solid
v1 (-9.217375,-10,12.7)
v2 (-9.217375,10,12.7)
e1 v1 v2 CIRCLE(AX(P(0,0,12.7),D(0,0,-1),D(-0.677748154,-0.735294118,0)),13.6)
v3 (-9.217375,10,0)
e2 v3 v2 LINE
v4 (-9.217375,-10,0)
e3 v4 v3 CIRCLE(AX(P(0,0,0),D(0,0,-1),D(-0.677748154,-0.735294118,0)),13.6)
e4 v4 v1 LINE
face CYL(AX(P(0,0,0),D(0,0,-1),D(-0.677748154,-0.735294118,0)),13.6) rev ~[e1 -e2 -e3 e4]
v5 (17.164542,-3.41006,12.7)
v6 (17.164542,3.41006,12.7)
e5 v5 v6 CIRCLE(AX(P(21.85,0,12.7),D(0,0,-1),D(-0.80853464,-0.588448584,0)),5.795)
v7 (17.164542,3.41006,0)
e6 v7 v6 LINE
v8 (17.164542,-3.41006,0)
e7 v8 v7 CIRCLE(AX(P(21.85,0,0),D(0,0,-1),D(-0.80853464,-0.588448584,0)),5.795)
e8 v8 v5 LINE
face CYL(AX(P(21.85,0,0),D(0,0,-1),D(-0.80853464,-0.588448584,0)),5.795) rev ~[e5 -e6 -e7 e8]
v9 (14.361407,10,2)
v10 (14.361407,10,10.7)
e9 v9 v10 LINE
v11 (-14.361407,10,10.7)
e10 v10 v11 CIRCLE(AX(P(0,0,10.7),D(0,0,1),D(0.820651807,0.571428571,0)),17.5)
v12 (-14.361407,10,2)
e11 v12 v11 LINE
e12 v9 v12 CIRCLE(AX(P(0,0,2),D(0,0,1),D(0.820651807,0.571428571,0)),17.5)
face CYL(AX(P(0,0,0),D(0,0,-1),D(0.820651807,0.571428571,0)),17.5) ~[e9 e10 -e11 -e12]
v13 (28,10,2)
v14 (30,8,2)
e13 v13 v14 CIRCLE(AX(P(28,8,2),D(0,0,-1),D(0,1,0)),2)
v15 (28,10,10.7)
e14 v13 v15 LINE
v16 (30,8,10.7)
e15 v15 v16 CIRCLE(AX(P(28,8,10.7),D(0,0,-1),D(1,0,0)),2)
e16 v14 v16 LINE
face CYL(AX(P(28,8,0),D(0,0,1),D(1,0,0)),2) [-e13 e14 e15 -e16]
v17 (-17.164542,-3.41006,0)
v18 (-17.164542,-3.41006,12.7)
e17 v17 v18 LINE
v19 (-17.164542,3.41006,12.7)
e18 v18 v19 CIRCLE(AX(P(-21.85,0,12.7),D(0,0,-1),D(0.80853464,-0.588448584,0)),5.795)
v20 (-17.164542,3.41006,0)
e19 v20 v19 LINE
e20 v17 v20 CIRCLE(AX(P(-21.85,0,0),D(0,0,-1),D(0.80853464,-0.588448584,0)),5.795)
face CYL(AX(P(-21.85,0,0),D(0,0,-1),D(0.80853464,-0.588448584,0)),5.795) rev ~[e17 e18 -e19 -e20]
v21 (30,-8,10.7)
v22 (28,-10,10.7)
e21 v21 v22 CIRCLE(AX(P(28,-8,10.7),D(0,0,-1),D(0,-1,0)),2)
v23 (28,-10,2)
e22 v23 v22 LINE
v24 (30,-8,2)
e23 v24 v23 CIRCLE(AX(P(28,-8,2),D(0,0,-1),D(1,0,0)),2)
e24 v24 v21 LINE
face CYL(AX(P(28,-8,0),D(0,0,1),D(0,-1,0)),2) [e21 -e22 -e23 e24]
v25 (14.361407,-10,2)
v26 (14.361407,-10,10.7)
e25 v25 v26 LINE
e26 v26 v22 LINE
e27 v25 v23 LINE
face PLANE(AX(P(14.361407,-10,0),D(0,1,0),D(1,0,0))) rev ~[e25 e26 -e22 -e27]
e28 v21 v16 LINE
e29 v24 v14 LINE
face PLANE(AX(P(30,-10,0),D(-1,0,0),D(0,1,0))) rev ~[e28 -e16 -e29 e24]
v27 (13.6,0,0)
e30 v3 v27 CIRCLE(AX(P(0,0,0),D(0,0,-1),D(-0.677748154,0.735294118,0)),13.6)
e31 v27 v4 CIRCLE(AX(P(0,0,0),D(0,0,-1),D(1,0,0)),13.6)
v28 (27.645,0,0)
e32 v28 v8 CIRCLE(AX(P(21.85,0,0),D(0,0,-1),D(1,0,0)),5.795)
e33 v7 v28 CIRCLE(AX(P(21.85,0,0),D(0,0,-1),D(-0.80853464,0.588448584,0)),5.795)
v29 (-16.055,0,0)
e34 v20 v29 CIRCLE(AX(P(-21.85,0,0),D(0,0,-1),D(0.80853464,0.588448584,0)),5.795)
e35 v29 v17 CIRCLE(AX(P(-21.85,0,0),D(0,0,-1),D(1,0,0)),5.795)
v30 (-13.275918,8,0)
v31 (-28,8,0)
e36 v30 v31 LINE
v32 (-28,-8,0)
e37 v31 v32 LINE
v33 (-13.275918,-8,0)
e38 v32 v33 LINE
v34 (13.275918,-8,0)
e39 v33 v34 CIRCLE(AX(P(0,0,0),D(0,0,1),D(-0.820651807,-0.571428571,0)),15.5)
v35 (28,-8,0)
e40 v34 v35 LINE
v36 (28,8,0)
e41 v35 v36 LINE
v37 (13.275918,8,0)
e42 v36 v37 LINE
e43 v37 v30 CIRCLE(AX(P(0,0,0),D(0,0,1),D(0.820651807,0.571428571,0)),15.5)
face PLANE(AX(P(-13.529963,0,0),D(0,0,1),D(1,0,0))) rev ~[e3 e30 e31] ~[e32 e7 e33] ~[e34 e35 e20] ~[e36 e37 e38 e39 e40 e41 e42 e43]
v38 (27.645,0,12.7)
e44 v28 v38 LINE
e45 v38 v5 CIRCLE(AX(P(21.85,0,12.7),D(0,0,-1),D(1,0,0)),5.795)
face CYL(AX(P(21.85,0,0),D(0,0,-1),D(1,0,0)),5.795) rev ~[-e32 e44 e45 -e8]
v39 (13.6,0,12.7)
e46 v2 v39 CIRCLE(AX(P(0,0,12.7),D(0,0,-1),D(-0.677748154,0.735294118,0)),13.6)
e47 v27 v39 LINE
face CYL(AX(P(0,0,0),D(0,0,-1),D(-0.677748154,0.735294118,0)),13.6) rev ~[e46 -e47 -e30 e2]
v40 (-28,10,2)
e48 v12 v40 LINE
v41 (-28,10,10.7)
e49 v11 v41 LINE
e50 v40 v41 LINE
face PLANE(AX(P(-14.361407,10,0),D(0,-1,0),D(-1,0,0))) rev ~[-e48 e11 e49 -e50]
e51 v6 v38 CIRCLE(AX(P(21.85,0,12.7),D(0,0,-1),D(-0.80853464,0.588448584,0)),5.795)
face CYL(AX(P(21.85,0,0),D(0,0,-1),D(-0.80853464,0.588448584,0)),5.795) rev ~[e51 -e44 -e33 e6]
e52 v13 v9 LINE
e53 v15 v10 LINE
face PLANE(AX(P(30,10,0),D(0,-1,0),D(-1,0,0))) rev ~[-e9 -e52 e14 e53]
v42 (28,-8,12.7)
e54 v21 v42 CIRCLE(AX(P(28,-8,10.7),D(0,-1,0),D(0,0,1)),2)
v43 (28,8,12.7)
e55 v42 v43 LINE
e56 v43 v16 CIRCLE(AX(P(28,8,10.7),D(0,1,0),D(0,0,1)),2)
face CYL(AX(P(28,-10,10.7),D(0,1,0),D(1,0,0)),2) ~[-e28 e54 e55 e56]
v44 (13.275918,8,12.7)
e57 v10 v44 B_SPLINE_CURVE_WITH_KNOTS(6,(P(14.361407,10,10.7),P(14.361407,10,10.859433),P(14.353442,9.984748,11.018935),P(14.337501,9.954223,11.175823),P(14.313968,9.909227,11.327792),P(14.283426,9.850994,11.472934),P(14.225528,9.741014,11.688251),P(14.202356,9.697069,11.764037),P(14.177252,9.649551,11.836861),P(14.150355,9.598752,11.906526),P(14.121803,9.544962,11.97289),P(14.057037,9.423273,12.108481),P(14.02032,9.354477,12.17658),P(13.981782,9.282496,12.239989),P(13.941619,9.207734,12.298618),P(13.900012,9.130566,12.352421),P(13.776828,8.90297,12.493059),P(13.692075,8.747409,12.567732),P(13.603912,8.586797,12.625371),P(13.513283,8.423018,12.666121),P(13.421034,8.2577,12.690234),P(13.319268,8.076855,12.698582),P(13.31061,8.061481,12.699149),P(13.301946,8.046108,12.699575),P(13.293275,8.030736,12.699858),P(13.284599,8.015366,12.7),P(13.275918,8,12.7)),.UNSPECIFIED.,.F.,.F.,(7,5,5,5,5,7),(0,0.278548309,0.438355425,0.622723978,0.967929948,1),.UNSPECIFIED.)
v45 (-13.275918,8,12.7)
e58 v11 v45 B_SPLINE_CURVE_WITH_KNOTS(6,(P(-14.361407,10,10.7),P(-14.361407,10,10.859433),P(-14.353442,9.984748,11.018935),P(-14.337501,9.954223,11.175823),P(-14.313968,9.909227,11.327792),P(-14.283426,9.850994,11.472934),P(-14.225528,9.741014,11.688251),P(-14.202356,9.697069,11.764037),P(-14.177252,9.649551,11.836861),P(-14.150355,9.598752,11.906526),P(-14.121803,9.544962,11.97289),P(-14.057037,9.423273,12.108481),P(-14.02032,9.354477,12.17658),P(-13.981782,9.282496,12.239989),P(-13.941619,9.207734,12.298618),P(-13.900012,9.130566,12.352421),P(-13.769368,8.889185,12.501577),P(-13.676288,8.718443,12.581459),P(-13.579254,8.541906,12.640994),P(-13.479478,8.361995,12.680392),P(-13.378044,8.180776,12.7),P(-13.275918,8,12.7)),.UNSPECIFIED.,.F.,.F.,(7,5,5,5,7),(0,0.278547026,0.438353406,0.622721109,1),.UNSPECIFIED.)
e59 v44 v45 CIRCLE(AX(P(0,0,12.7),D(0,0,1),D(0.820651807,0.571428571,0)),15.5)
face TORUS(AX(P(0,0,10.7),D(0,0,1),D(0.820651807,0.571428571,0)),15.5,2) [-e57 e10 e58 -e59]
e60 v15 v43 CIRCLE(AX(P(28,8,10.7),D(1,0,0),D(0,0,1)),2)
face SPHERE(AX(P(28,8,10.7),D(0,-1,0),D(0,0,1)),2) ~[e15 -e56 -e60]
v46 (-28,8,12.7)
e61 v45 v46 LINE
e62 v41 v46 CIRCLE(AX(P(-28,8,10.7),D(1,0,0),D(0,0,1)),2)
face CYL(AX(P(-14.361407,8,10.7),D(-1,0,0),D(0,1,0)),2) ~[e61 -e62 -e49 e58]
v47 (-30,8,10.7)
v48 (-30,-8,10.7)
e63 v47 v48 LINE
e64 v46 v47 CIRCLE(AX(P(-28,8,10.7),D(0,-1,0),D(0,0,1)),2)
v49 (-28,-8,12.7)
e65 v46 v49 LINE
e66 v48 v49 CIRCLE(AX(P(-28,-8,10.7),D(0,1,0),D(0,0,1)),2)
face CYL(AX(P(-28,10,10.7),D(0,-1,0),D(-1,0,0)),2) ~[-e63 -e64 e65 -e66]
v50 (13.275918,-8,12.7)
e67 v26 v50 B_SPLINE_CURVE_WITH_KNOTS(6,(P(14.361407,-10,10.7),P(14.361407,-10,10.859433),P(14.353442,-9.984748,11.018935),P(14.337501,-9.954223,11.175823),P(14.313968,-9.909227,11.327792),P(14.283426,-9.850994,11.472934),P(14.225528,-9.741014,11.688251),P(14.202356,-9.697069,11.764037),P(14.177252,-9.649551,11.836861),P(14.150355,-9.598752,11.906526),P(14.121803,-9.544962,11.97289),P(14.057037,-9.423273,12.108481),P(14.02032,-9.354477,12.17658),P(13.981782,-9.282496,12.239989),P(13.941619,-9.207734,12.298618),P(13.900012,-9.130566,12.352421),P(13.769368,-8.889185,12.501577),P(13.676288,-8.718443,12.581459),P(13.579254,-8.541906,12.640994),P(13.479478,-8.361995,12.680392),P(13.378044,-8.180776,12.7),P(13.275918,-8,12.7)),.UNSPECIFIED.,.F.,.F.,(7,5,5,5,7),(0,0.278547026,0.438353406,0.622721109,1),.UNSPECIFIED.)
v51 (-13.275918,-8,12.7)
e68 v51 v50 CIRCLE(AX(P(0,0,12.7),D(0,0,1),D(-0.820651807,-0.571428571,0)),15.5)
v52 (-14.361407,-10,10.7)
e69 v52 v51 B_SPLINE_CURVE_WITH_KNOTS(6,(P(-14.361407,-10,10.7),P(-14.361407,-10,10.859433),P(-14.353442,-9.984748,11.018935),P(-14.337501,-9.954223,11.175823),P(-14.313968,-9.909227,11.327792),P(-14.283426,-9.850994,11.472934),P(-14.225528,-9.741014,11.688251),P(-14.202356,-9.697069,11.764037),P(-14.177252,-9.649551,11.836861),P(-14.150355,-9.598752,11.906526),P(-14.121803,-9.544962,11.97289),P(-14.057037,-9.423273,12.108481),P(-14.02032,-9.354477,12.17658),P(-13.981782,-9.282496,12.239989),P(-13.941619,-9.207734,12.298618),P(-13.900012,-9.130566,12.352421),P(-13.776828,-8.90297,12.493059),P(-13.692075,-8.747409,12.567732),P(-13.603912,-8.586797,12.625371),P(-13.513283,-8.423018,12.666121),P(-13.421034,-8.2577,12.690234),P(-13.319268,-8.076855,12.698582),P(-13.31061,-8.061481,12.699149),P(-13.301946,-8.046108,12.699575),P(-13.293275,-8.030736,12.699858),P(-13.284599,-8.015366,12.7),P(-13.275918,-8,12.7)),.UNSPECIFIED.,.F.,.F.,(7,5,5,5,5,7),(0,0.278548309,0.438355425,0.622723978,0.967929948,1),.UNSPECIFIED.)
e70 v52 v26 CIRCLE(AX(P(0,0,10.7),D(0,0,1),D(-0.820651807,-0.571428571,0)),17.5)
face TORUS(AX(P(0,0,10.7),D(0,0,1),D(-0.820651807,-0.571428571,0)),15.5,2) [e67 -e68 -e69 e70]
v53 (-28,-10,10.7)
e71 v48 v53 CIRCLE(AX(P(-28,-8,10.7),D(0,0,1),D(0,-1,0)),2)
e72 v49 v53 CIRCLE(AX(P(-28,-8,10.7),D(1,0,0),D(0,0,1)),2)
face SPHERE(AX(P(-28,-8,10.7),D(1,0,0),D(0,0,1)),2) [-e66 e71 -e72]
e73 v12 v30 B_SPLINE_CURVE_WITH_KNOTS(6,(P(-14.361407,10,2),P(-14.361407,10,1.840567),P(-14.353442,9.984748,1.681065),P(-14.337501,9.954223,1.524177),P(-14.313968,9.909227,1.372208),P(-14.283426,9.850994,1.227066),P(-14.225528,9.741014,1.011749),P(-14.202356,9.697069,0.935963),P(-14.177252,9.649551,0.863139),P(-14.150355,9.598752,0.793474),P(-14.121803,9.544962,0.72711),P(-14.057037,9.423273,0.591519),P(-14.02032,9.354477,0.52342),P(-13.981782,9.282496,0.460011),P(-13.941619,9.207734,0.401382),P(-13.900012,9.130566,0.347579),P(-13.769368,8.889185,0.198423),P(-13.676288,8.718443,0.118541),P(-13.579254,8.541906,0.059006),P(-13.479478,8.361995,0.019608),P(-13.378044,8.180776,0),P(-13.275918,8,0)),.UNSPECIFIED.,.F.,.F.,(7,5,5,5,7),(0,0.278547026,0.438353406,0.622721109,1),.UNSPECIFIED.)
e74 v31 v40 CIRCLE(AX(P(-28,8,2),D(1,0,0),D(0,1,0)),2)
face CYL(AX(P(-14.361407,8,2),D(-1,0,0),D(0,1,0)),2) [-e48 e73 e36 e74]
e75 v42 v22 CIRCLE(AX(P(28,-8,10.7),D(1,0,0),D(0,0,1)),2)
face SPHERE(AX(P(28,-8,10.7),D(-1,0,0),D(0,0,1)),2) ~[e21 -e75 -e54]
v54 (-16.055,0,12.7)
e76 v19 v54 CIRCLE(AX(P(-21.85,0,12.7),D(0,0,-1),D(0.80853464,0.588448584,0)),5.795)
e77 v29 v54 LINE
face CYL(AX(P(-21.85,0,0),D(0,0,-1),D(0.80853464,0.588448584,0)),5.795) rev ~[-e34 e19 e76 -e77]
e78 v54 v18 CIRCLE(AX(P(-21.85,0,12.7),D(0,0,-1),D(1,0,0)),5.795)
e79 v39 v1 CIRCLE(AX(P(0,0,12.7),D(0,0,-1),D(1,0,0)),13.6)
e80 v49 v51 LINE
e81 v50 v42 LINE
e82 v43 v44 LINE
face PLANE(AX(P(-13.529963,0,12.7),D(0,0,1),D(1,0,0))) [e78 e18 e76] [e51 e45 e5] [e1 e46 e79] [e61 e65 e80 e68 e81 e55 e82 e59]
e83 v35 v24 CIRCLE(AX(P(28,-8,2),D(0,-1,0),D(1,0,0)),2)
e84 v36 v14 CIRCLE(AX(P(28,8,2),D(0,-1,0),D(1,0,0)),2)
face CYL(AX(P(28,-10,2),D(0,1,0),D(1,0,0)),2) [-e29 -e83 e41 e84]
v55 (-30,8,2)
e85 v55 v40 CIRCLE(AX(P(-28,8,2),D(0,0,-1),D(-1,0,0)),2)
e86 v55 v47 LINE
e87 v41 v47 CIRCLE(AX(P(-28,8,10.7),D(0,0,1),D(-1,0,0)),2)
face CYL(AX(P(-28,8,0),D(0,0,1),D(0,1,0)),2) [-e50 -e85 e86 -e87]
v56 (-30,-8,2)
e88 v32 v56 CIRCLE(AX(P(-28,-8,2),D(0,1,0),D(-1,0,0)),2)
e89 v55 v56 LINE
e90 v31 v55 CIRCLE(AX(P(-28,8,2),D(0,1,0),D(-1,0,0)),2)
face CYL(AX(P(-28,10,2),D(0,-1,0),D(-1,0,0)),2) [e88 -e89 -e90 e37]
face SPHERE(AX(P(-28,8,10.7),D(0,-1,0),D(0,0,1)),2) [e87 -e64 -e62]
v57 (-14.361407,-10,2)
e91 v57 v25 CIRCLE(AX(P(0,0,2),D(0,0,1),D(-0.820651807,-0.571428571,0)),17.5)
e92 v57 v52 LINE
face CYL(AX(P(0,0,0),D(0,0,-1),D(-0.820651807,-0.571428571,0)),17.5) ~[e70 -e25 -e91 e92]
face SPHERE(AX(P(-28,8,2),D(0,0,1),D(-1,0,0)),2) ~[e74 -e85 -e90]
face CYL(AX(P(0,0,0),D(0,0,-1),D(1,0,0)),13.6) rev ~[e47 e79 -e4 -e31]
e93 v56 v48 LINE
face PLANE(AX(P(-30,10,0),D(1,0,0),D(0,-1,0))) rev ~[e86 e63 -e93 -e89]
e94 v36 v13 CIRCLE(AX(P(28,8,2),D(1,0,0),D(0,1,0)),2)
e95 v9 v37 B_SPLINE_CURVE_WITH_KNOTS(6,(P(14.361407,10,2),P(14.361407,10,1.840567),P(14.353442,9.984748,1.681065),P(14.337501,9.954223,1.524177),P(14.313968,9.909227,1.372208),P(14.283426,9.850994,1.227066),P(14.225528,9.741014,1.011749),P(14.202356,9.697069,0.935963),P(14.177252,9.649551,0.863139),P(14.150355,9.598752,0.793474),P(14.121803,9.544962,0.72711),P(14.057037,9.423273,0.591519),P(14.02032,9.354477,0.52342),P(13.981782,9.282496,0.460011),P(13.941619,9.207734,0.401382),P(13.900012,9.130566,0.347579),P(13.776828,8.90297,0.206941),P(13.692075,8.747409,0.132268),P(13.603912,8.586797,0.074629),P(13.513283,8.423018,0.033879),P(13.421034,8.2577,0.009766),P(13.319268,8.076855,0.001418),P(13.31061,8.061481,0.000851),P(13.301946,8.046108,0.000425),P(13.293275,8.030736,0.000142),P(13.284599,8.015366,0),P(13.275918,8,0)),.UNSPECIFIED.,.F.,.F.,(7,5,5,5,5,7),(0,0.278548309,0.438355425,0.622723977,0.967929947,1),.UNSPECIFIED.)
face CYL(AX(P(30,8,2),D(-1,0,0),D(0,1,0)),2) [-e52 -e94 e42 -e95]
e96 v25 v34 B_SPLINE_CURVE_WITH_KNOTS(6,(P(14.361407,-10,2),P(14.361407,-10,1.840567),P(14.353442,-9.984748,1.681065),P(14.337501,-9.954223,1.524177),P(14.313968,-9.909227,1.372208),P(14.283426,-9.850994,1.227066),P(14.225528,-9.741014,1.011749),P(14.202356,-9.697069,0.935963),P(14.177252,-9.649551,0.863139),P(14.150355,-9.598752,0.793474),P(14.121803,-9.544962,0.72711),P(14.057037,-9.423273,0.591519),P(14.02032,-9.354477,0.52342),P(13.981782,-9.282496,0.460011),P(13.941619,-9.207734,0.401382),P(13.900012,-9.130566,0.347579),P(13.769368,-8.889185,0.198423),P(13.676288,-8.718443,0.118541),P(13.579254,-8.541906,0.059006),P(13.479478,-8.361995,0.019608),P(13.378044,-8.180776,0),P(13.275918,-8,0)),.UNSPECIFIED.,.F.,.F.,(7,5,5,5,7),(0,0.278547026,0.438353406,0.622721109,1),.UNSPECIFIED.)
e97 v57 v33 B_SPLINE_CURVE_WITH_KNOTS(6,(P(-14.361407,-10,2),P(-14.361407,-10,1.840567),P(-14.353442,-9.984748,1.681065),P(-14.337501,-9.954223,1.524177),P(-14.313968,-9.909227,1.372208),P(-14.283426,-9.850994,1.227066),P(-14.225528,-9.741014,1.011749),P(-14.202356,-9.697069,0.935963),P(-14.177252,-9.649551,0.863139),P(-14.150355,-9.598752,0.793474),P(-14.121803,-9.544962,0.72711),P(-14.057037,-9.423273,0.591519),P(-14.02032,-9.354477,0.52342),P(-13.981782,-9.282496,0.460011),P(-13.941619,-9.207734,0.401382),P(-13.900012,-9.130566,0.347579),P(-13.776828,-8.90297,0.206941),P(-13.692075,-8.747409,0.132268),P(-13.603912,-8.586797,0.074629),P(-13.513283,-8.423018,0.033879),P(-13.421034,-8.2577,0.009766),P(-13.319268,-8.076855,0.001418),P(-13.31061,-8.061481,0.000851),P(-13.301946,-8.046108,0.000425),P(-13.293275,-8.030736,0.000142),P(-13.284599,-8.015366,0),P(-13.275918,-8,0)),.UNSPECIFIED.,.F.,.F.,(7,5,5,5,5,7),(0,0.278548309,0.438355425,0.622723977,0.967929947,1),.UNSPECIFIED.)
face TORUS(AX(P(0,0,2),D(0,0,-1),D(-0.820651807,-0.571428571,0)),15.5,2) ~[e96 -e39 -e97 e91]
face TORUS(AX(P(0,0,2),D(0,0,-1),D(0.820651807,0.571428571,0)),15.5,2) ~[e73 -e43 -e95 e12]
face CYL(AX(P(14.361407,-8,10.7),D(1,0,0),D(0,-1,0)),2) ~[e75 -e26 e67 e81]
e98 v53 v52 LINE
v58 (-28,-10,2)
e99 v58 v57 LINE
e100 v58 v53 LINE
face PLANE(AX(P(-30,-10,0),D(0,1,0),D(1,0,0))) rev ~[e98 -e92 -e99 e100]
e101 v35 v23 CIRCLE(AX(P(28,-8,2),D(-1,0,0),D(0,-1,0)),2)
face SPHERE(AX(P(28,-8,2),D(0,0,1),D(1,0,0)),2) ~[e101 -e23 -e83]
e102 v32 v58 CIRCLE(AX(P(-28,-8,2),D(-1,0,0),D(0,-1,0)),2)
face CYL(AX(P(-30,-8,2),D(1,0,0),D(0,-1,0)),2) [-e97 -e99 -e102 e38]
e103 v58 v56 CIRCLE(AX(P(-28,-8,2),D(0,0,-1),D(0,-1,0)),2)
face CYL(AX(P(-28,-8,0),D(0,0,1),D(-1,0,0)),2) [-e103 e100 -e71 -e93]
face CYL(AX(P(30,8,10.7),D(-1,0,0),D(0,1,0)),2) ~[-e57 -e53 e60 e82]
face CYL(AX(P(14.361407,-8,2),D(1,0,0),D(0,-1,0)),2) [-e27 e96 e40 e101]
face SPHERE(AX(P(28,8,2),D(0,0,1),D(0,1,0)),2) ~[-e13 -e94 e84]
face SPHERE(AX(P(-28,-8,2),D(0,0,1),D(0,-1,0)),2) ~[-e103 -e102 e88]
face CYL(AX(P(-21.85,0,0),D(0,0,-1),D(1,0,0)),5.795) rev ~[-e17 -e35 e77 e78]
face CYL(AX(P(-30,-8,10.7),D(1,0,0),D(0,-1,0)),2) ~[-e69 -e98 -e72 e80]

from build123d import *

# Parameters (mm, degrees)
F1_DEPTH = 12.7
F2_R     = 2


with BuildPart() as f1:
    # F0 (on Top) → F1 (new body)
    with BuildSketch(Plane.XY):
        with BuildLine():
            ThreePointArc((-17.164541762, -3.4100595449), (-16.1036698951, -6.8499500663), (-14.3614066163, -10))
            Line((-14.3614066163, -10), (-9.2173748974, -10))
            ThreePointArc((-9.2173748974, -10), (-13.6, 0), (-9.2173748974, 10))
            Line((-9.2173748974, 10), (-14.3614066163, 10))
            ThreePointArc((-14.3614066163, 10), (-16.1036698951, 6.8499500663), (-17.164541762, 3.4100595449))
            ThreePointArc((-17.164541762, 3.4100595449), (-16.3393623105, 1.7930134566), (-16.055, 0))
            ThreePointArc((-16.055, 0), (-16.3393623105, -1.7930134566), (-17.164541762, -3.4100595449))
        make_face()
        with BuildLine():
            Line((9.2173748974, 10), (14.3614066163, 10))
            ThreePointArc((14.3614066163, 10), (0, 17.5), (-14.3614066163, 10))
            Line((-14.3614066163, 10), (-9.2173748974, 10))
            ThreePointArc((-9.2173748974, 10), (0, 13.6), (9.2173748974, 10))
        make_face()
        with BuildLine():
            ThreePointArc((-14.3614066163, -10), (0, -17.5), (14.3614066163, -10))
            Line((14.3614066163, -10), (9.2173748974, -10))
            ThreePointArc((9.2173748974, -10), (0, -13.6), (-9.2173748974, -10))
            Line((-9.2173748974, -10), (-14.3614066163, -10))
        make_face()
        with BuildLine():
            Line((9.2173748974, -10), (14.3614066163, -10))
            ThreePointArc((14.3614066163, -10), (16.1036698951, -6.8499500663), (17.164541762, -3.4100595449))
            ThreePointArc((17.164541762, -3.4100595449), (16.055, 0), (17.164541762, 3.4100595449))
            ThreePointArc((17.164541762, 3.4100595449), (16.1036698951, 6.8499500663), (14.3614066163, 10))
            Line((14.3614066163, 10), (9.2173748974, 10))
            ThreePointArc((9.2173748974, 10), (12.4562494075, 5.4591071337), (13.6, 0))
            ThreePointArc((13.6, 0), (12.4562494075, -5.4591071337), (9.2173748974, -10))
        make_face()
        with BuildLine():
            Line((14.3614066163, -10), (30, -10))
            Line((30, -10), (30, 10))
            Line((30, 10), (14.3614066163, 10))
            ThreePointArc((14.3614066163, 10), (16.1036698951, 6.8499500663), (17.164541762, 3.4100595449))
            ThreePointArc((17.164541762, 3.4100595449), (23.6430134566, 5.5106376895), (27.645, 0))
            ThreePointArc((27.645, 0), (23.6430134566, -5.5106376895), (17.164541762, -3.4100595449))
            ThreePointArc((17.164541762, -3.4100595449), (16.1036698951, -6.8499500663), (14.3614066163, -10))
        make_face()
        with BuildLine():
            Line((-30, -10), (-14.3614066163, -10))
            ThreePointArc((-14.3614066163, -10), (-16.1036698951, -6.8499500663), (-17.164541762, -3.4100595449))
            ThreePointArc((-17.164541762, -3.4100595449), (-27.645, 0), (-17.164541762, 3.4100595449))
            ThreePointArc((-17.164541762, 3.4100595449), (-16.1036698951, 6.8499500663), (-14.3614066163, 10))
            Line((-14.3614066163, 10), (-30, 10))
            Line((-30, 10), (-30, -10))
        make_face()
    extrude(amount=F1_DEPTH)

    # F2
    f2_edges = [f1.edges().sort_by_distance(p)[0] for p in [
        (-22.180703, -10, 12.7),
        (0, -17.5, 12.7),
        (22.180703, -10, 12.7),
        (30, 0, 12.7),
        (-30, 0, 12.7),
        (-22.180703, 10, 12.7),
        (0, 17.5, 12.7),
        (22.180703, 10, 12.7),
        (30, 10, 6.35),
        (-30, 10, 6.35),
        (-30, -10, 6.35),
        (30, -10, 6.35),
        (0, -17.5, 0),
        (-22.180703, -10, 0),
        (-30, 0, 0),
        (-22.180703, 10, 0),
        (0, 17.5, 0),
        (22.180703, 10, 0),
        (30, 0, 0),
        (22.180703, -10, 0),
    ]]
    fillet(f2_edges, radius=F2_R)


solid = f1.part
